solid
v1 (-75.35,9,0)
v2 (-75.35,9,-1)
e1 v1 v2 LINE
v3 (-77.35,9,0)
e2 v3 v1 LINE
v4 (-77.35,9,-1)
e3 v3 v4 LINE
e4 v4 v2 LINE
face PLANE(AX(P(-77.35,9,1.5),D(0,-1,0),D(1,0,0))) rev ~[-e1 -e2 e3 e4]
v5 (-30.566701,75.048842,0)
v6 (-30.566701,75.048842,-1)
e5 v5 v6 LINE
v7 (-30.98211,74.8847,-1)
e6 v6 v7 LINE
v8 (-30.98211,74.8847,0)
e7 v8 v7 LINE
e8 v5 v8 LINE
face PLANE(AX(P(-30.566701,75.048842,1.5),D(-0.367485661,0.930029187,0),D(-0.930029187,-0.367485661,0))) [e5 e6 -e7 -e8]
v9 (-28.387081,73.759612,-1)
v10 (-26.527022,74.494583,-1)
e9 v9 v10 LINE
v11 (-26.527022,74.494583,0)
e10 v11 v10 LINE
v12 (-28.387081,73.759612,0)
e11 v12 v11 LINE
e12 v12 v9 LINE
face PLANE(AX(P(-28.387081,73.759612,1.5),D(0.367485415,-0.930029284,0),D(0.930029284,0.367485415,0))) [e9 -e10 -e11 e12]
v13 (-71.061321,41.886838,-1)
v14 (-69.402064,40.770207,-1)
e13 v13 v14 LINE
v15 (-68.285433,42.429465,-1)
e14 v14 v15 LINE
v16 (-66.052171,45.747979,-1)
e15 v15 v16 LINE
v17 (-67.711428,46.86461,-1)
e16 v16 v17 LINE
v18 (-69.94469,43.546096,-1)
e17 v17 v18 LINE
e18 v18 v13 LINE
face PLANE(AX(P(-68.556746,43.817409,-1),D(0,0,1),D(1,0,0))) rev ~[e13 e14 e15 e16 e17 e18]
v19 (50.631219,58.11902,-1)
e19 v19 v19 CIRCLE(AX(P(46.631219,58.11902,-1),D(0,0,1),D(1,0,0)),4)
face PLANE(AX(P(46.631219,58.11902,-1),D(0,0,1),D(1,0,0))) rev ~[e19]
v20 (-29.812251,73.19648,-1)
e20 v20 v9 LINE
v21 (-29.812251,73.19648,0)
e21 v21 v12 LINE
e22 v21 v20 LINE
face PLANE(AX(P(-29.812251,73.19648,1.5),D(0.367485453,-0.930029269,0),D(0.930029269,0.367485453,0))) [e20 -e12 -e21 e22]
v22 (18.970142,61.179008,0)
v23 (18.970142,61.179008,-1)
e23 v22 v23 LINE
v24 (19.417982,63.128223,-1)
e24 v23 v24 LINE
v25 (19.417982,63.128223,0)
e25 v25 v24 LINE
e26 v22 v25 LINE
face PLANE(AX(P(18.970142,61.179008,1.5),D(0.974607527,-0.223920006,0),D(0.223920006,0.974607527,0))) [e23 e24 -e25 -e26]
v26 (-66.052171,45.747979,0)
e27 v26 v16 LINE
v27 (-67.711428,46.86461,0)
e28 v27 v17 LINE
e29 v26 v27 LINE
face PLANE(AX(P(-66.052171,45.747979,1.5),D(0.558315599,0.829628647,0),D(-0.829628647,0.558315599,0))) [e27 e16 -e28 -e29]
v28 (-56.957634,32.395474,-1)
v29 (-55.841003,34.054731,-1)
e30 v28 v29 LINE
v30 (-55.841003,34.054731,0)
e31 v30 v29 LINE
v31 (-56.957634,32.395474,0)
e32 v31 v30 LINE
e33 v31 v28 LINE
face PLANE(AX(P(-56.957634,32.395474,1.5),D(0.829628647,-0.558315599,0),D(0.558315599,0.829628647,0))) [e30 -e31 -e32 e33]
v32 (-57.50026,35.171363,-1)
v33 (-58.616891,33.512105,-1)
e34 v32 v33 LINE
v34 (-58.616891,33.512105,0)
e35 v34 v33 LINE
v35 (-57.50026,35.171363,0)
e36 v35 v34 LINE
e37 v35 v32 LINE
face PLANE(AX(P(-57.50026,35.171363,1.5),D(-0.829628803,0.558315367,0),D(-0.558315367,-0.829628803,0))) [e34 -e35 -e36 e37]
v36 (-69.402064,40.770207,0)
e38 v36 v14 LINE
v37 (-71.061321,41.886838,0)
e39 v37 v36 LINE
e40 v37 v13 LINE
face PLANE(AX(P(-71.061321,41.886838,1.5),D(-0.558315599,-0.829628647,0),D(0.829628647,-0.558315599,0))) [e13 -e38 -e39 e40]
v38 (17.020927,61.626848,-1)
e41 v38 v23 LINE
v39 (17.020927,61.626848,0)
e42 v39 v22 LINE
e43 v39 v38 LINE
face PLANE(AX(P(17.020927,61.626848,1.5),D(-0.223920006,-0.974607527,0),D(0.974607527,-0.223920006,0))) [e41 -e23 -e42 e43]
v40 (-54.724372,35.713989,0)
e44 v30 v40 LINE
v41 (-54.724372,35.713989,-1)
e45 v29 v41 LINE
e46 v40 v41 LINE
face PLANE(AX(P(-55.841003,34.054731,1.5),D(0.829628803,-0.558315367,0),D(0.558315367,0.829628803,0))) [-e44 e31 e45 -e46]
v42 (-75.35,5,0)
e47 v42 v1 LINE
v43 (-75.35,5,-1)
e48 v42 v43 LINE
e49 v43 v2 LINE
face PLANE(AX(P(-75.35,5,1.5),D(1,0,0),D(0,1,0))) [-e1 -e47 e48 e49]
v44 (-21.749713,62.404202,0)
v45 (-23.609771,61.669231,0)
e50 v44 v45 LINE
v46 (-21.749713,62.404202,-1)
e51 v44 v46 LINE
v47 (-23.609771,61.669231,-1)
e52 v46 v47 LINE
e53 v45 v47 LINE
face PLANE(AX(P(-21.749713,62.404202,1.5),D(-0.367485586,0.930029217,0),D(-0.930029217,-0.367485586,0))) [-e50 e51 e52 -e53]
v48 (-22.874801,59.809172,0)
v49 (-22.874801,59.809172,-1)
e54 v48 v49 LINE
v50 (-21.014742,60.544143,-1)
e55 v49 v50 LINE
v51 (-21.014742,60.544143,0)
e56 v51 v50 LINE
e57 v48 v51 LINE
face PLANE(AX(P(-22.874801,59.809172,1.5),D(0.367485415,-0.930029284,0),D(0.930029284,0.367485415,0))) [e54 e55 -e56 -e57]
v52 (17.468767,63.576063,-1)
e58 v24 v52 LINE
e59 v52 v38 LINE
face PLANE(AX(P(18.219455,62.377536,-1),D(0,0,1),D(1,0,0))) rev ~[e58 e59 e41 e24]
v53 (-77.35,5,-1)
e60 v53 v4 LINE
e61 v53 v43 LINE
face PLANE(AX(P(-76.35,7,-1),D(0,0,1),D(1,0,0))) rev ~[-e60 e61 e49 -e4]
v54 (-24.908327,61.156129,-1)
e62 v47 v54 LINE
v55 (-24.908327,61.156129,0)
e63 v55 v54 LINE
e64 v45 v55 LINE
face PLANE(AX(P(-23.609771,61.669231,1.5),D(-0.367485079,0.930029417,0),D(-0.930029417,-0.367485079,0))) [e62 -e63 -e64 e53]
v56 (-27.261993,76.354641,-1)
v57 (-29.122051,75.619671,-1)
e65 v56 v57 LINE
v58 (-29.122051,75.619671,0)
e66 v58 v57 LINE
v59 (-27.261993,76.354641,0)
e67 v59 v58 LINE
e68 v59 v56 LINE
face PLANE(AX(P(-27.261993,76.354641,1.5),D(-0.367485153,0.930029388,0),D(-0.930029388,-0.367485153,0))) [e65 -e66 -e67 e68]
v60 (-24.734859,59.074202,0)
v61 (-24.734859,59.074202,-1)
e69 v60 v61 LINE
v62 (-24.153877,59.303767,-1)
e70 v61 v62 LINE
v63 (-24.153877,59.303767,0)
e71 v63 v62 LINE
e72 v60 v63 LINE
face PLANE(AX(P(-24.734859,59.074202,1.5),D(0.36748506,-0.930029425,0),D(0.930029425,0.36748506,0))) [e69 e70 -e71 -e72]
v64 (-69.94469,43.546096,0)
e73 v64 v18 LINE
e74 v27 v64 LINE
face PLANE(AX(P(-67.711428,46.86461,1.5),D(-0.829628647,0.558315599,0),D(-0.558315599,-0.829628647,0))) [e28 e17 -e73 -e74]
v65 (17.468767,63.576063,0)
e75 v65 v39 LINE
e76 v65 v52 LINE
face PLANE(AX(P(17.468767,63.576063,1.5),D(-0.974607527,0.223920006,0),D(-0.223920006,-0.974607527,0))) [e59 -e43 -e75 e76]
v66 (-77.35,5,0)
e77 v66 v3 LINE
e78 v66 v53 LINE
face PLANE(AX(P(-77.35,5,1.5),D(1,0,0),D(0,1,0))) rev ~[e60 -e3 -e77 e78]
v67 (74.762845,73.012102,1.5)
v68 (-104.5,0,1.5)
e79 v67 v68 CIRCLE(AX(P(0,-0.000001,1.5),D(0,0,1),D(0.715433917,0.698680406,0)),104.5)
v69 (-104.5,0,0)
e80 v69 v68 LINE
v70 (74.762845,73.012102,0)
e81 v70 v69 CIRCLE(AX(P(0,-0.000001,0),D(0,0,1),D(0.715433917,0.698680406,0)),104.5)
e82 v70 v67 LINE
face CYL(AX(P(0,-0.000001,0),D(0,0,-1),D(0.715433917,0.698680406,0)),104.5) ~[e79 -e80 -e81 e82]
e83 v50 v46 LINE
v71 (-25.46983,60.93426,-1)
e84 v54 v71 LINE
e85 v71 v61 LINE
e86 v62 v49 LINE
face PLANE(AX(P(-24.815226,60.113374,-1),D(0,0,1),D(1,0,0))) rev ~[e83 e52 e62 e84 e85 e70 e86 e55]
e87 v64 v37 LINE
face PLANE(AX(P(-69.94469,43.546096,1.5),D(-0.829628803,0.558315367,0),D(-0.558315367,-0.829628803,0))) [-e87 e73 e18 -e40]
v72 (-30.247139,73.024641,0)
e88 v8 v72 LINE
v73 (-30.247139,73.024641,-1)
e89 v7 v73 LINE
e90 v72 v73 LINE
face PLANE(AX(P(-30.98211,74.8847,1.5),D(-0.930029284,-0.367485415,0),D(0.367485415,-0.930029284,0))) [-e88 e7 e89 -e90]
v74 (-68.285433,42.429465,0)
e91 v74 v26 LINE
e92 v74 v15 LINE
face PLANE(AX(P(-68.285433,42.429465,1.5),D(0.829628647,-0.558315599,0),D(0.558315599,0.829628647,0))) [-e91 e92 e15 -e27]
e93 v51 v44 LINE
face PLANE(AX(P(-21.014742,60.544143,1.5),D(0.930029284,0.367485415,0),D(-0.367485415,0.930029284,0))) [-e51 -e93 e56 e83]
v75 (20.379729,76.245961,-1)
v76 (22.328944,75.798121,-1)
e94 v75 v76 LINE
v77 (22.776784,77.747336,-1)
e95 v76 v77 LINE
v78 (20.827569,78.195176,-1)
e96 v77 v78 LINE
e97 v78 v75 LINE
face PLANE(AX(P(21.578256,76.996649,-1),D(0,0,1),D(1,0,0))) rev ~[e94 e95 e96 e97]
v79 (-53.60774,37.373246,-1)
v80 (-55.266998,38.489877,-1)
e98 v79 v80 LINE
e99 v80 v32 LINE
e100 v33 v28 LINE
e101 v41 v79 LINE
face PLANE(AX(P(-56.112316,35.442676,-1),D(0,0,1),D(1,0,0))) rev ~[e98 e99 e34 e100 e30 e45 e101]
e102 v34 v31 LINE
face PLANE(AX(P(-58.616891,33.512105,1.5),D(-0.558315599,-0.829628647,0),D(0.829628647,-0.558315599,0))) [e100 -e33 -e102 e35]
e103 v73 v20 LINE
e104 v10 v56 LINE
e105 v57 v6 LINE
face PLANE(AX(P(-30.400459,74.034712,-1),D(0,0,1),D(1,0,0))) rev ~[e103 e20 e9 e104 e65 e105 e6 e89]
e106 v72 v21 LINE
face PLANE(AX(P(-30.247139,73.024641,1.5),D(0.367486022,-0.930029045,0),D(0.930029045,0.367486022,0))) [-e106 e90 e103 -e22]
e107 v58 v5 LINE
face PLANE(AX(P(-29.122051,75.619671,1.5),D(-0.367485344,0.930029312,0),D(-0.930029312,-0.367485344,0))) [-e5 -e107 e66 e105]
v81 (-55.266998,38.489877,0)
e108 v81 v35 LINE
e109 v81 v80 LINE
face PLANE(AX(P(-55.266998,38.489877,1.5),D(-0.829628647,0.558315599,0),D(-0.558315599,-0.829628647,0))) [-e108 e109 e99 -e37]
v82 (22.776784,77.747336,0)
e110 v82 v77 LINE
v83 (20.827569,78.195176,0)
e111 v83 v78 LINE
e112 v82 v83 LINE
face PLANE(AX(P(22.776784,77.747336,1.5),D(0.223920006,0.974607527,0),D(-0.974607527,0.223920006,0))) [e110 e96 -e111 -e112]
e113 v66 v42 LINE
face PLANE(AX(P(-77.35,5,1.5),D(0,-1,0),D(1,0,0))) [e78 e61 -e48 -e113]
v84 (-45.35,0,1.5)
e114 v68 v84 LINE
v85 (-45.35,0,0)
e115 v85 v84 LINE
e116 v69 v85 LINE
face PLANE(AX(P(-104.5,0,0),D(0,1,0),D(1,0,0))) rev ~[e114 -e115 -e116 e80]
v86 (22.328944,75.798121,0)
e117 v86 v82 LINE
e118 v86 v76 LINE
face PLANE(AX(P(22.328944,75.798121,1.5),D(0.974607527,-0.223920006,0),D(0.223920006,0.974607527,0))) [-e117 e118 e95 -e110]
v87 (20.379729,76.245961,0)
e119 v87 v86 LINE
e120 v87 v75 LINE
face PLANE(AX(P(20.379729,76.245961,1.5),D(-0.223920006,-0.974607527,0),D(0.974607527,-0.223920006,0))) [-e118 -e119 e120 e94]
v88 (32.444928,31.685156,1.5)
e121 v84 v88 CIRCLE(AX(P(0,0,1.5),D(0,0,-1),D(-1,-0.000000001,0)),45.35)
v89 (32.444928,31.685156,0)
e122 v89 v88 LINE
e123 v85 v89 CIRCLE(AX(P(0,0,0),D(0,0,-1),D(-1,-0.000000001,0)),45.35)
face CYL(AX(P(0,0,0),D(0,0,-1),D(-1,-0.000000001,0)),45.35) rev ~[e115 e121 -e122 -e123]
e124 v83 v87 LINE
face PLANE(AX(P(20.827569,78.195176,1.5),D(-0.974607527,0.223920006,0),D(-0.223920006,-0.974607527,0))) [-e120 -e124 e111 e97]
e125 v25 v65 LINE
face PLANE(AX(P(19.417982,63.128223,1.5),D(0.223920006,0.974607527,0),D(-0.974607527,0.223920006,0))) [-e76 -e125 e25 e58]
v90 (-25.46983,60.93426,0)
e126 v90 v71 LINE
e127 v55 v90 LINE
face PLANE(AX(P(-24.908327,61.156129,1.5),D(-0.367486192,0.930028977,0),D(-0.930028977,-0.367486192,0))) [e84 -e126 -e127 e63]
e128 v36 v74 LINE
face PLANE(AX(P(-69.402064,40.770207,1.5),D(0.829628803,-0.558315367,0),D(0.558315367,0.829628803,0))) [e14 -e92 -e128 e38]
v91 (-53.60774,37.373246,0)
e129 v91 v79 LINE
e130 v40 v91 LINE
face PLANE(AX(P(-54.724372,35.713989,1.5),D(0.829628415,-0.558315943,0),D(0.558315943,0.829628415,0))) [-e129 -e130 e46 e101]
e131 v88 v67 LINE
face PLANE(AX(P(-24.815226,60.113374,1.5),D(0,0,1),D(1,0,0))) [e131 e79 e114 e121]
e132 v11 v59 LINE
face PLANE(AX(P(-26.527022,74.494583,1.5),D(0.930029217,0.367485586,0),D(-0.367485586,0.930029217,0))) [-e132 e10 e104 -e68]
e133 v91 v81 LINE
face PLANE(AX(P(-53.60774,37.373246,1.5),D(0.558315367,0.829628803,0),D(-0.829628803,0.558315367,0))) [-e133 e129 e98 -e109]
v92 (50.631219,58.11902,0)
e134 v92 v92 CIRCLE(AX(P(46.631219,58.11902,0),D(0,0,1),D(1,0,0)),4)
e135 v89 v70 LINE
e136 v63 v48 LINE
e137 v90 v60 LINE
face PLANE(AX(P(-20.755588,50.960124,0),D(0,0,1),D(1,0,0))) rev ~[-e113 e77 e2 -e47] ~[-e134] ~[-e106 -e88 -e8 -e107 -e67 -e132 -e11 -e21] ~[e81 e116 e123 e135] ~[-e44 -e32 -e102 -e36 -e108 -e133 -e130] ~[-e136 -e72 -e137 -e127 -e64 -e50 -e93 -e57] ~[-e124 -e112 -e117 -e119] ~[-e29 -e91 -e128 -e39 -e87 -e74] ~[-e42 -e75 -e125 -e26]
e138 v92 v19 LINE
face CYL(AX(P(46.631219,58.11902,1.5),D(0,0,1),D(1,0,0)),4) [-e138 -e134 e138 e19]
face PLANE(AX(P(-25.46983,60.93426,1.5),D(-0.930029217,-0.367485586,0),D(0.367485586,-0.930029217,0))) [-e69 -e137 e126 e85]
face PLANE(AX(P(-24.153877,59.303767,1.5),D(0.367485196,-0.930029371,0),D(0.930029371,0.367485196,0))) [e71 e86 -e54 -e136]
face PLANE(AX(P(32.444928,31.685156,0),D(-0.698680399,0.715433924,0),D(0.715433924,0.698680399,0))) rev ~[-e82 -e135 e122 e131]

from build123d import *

# Parameters (mm, degrees)
F1_DEPTH = 1.5
F2_W     = 2
F2_H     = 4
F2_R     = 4
F3_DEPTH = 2.5


with BuildPart() as f1:
    # F0 (on Top) → F1 (new body)
    with BuildSketch(Plane.XY):
        with BuildLine():
            Line((32.444928, 31.685156), (74.762845, 73.012102))
            ThreePointArc((74.762845, 73.012102), (-39.417843, 96.780595), (-104.5, 0))
            Line((-104.5, 0), (-45.35, 0))
            ThreePointArc((-45.35, 0), (-17.106212, 42), (32.444928, 31.685156))
        make_face()
    extrude(amount=F1_DEPTH)

    # F2 (on face) → F3 (join)
    with BuildSketch(Plane.XY.offset(1.5)):
        Polygon((-24.734859, 59.074202), (-24.153877, 59.303767), (-24.908327, 61.156129), (-25.46983, 60.93426), align=None)
        Polygon((-24.908327, 61.156129), (-24.153877, 59.303767), (-22.874801, 59.809172), (-21.014742, 60.544143), (-21.749713, 62.404202), (-23.609771, 61.669231), align=None)
        Polygon((-30.247139, 73.024641), (-29.812251, 73.19648), (-30.566701, 75.048842), (-30.98211, 74.8847), align=None)
        Polygon((-30.566701, 75.048842), (-29.812251, 73.19648), (-28.387081, 73.759612), (-26.527022, 74.494583), (-27.261993, 76.354641), (-29.122051, 75.619671), align=None)
        Polygon((-55.841003, 34.054731), (-54.724372, 35.713989), (-56.383629, 36.83062), (-57.50026, 35.171363), align=None)
        Polygon((-68.285433, 42.429465), (-67.168802, 44.088722), (-68.828059, 45.205353), (-69.94469, 43.546096), align=None)
        Polygon((-68.828059, 45.205353), (-67.168802, 44.088722), (-66.052171, 45.747979), (-67.711428, 46.86461), align=None)
        Polygon((-56.383629, 36.83062), (-54.724372, 35.713989), (-53.60774, 37.373246), (-55.266998, 38.489877), align=None)
        Polygon((-56.957634, 32.395474), (-55.841003, 34.054731), (-57.50026, 35.171363), (-58.616891, 33.512105), align=None)
        Polygon((-69.402064, 40.770207), (-68.285433, 42.429465), (-69.94469, 43.546096), (-71.061321, 41.886838), align=None)
        Polygon((22.776784, 77.747336), (20.827569, 78.195176), (20.379729, 76.245961), (22.328944, 75.798121), align=None)
        Polygon((19.417982, 63.128223), (17.468767, 63.576063), (17.020927, 61.626848), (18.970142, 61.179008), align=None)
        with Locations((-76.35, 7)):
            Rectangle(F2_W, F2_H)
        with Locations((46.631219, 58.11902)):
            Circle(F2_R)
    extrude(amount=-F3_DEPTH)


solid = f1.part
